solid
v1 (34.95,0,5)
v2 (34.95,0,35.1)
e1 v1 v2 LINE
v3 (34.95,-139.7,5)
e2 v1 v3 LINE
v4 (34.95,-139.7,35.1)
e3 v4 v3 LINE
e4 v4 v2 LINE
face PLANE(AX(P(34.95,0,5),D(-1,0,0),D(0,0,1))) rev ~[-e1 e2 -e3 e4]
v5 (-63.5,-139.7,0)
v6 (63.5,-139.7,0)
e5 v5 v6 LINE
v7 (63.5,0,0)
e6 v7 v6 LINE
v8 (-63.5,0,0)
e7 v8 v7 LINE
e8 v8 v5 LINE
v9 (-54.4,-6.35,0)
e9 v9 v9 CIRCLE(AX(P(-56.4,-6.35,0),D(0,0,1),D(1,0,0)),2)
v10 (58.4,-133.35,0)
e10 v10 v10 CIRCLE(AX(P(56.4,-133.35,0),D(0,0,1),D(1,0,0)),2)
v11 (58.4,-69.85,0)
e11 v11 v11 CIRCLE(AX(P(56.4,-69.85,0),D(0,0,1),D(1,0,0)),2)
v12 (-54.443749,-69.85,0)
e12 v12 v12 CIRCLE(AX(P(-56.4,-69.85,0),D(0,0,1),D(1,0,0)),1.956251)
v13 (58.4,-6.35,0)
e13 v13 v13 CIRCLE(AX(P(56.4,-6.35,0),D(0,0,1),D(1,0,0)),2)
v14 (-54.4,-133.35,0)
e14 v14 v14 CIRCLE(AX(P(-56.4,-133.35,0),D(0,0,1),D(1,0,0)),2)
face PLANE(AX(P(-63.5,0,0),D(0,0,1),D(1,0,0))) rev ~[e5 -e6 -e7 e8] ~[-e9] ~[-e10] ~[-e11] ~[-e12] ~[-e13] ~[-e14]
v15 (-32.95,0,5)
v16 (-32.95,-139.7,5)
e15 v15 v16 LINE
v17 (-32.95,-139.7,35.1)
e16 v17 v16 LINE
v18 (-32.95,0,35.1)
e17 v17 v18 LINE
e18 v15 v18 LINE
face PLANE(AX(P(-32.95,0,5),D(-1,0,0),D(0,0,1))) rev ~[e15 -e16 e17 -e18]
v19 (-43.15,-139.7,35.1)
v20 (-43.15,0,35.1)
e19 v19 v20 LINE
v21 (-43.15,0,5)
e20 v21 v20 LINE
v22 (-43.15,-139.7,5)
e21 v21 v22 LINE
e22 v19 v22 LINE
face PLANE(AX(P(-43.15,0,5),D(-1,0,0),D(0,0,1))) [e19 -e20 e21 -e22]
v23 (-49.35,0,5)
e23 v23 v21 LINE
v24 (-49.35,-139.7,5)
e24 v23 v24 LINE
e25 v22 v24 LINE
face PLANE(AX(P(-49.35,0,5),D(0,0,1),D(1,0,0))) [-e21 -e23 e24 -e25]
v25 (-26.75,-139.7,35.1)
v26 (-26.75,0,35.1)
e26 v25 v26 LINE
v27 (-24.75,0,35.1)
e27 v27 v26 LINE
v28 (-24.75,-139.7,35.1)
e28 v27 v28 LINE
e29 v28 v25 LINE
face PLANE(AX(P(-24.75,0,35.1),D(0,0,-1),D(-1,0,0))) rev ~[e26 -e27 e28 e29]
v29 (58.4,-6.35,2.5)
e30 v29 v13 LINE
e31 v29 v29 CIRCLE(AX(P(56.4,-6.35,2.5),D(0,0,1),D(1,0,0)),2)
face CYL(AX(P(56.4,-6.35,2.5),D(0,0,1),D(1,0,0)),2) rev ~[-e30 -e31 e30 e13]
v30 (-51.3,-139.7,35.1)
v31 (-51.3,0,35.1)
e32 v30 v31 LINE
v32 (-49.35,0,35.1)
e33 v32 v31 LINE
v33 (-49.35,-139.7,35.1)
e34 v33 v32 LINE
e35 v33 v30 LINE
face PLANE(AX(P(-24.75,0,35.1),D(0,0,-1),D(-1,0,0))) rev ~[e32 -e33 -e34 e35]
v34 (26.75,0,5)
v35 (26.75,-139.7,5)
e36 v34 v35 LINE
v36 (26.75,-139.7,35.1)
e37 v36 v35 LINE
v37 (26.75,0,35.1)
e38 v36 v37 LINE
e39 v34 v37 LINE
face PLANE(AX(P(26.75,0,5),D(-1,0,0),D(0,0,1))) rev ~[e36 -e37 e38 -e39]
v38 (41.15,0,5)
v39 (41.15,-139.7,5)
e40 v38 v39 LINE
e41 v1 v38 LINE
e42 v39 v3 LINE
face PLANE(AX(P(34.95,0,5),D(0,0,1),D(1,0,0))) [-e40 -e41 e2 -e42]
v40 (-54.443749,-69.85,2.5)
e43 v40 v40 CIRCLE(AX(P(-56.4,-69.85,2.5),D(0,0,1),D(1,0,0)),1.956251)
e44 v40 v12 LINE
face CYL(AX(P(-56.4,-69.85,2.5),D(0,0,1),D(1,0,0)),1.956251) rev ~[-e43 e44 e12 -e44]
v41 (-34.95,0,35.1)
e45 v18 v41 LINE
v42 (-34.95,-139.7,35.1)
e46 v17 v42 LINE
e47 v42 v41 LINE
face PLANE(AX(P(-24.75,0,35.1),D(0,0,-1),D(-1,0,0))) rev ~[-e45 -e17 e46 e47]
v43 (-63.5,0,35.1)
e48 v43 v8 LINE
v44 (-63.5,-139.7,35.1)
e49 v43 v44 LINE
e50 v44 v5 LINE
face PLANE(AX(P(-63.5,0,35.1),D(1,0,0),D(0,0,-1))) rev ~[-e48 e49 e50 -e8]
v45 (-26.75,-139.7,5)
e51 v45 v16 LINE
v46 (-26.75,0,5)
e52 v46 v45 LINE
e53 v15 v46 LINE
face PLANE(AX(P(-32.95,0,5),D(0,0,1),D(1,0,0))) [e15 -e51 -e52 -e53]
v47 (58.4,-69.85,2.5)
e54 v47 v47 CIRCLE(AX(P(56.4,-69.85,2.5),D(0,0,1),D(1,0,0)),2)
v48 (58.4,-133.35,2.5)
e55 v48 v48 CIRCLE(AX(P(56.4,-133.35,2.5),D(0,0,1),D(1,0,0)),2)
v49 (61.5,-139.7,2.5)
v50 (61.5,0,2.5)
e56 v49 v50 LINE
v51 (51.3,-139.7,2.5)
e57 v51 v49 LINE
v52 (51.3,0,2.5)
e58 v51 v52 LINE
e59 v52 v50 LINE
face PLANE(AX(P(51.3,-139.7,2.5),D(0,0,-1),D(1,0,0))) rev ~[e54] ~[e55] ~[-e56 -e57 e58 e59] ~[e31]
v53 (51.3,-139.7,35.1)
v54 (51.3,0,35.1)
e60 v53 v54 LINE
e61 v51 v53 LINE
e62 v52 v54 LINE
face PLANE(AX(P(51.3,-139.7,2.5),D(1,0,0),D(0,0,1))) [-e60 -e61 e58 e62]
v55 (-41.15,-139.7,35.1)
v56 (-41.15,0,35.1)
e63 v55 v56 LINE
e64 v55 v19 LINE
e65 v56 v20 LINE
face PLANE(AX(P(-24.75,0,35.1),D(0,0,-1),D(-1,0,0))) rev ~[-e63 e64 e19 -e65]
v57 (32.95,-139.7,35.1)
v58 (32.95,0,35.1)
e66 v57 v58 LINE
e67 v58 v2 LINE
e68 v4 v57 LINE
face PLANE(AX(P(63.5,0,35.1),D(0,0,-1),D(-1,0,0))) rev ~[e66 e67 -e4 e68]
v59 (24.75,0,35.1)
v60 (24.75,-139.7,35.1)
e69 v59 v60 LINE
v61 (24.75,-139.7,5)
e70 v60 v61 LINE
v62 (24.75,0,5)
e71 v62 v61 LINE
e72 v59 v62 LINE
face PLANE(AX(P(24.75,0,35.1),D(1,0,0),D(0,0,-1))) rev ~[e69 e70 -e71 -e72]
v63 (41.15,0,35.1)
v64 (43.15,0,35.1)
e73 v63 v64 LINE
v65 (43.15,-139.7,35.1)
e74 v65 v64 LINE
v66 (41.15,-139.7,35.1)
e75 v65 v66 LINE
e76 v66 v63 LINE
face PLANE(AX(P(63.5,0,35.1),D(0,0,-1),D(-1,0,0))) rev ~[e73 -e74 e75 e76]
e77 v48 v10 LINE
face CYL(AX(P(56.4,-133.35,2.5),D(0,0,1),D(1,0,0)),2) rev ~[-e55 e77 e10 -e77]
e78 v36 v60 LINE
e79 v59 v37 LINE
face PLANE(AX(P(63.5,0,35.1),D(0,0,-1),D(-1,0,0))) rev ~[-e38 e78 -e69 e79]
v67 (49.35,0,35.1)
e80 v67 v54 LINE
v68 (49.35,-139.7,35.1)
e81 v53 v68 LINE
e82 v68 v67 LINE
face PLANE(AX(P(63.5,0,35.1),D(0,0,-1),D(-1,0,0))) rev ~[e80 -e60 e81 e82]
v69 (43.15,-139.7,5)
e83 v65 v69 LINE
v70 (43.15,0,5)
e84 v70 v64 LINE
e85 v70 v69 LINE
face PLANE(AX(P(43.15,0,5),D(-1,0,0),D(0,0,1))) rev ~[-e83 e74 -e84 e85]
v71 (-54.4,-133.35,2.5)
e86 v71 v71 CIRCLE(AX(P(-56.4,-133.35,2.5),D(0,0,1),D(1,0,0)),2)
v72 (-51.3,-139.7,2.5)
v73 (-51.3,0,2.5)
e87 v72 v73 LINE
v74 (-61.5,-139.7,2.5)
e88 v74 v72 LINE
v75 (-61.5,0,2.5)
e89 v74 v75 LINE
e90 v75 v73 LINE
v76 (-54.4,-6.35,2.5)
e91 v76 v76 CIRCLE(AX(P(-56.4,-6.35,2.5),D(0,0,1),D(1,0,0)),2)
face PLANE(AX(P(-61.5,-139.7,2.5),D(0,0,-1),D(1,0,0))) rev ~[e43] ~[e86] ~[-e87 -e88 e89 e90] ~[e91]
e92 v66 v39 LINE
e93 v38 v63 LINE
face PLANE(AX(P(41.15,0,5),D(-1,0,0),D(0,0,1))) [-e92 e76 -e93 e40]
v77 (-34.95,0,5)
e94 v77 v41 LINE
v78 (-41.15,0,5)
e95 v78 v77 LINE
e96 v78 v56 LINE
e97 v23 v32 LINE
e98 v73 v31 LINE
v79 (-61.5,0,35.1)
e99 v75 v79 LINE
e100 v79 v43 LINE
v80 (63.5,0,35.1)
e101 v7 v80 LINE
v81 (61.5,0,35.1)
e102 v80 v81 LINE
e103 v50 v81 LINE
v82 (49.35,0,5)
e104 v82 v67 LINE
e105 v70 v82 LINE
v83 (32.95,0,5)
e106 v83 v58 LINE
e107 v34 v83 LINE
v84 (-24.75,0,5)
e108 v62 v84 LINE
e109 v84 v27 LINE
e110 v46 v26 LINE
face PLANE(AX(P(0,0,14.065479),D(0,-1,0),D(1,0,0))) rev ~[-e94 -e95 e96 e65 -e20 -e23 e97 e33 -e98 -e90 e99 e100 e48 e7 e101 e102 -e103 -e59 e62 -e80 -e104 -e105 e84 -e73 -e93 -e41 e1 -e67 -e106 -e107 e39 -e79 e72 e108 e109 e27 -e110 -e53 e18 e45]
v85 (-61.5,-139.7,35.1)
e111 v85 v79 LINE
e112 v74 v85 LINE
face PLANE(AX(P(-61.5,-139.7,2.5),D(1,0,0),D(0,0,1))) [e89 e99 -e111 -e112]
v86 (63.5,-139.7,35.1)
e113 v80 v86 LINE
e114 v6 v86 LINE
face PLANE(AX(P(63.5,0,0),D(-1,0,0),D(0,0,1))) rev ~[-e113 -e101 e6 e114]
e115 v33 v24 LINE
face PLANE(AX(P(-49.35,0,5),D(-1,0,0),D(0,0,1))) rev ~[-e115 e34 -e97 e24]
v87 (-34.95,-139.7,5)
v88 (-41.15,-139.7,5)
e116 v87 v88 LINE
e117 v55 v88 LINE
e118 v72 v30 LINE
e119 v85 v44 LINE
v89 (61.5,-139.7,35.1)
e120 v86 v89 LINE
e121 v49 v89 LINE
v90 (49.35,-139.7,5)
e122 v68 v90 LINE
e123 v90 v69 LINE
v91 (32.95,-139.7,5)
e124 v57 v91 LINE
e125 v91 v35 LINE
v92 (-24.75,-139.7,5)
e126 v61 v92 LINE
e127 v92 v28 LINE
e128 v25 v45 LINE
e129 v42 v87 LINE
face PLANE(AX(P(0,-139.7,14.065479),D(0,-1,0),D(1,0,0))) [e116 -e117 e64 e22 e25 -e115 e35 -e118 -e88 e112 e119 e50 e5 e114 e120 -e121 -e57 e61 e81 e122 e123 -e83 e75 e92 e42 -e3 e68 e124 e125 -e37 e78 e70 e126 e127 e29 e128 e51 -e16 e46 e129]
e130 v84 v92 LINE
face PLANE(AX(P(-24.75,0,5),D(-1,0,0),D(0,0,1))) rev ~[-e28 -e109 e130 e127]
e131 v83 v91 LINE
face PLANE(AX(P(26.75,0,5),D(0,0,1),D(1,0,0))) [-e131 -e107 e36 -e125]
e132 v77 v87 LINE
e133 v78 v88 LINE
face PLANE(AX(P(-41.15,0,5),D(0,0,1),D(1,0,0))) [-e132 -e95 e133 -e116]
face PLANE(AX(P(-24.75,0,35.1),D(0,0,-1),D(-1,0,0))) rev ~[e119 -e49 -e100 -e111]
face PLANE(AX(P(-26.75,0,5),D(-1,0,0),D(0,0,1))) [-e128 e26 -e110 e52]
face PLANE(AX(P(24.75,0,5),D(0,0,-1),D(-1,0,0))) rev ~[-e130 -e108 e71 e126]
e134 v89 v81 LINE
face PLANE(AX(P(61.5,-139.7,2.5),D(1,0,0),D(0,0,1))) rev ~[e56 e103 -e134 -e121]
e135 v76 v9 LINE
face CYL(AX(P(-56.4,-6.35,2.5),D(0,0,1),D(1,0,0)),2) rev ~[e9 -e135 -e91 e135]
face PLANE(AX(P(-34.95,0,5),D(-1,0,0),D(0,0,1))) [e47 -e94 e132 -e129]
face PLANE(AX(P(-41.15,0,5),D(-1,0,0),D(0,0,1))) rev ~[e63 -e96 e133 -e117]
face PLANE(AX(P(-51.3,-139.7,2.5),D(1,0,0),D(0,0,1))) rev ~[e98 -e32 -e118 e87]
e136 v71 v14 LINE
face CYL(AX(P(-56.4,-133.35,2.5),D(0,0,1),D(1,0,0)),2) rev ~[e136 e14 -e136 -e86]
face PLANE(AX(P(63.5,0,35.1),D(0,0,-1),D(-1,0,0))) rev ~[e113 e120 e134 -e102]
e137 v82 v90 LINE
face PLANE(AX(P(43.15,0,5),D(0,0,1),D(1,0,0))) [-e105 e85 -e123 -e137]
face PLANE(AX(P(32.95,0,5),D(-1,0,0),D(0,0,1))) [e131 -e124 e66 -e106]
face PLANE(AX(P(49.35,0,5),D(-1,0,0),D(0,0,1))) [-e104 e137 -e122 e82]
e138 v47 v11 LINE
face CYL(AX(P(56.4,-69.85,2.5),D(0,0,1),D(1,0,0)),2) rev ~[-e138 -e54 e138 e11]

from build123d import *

# Parameters (mm, degrees)
F1_DEPTH = 139.7
F2_W     = 10.2
F2_H     = 32.6
F3_DEPTH = 150
F4_W     = 6.2
F4_H     = 32.647062
F4_H_2   = 32.911505
F4_H_3   = 34.58407
F4_H_4   = 35.141594
F4_H_5   = 35.977877
F4_H_6   = 40.159295
F5_DEPTH = 150
F6_DEPTH = 150
F7_R     = 2
F7_R_2   = 1.956251
F8_DEPTH = 25


with BuildPart() as f1:
    # F0 (on Front) → F1 (new body)
    with BuildSketch(Plane.XZ):
        Polygon((-24.75, 35.1), (-63.5, 35.1), (-63.5, 0), (63.5, 0), (63.5, 35.1), (24.75, 35.1), (24.75, 5), (-24.75, 5), align=None)
    extrude(amount=F1_DEPTH)

    # F2 (on face) → F3 (cut)
    with BuildSketch(Plane.XZ.offset(139.7)):
        with Locations((-56.4, 18.8)):
            Rectangle(F2_W, F2_H)
        with Locations((56.4, 18.8)):
            Rectangle(F2_W, F2_H)
    extrude(amount=-F3_DEPTH, mode=Mode.SUBTRACT)

    # F4 (on Front) → F5 (cut)
    with BuildSketch(Plane.XZ):
        with Locations((-29.85, 21.323531)):
            Rectangle(F4_W, F4_H)
        with Locations((-38.05, 21.455752)):
            Rectangle(F4_W, F4_H_2)
        with Locations((-46.25, 22.292035)):
            Rectangle(F4_W, F4_H_3)
        with Locations((29.85, 22.570797)):
            Rectangle(F4_W, F4_H_4)
        with Locations((38.05, 22.988938)):
            Rectangle(F4_W, F4_H_5)
        with Locations((46.25, 25.079648)):
            Rectangle(F4_W, F4_H_6)
    extrude(amount=-F5_DEPTH, mode=Mode.SUBTRACT)

    # F4 (on Front) → F6 (cut)
    with BuildSketch(Plane.XZ):
        with Locations((-29.85, 21.323531)):
            Rectangle(F4_W, F4_H)
        with Locations((-38.05, 21.455752)):
            Rectangle(F4_W, F4_H_2)
        with Locations((-46.25, 22.292035)):
            Rectangle(F4_W, F4_H_3)
        with Locations((29.85, 22.570797)):
            Rectangle(F4_W, F4_H_4)
        with Locations((38.05, 22.988938)):
            Rectangle(F4_W, F4_H_5)
        with Locations((46.25, 25.079648)):
            Rectangle(F4_W, F4_H_6)
    extrude(amount=F6_DEPTH, mode=Mode.SUBTRACT)

    # F7 (on face) → F8 (cut)
    with BuildSketch(Plane.XY.offset(2.5)):
        with Locations((-56.4, -6.35)):
            Circle(F7_R)
        with Locations((56.4, -6.35)):
            Circle(F7_R)
        with Locations((-56.4, -69.85)):
            Circle(F7_R_2)
        with Locations((56.4, -69.85)):
            Circle(F7_R)
        with Locations((-56.4, -133.35)):
            Circle(F7_R)
        with Locations((56.4, -133.35)):
            Circle(F7_R)
    extrude(amount=-F8_DEPTH, mode=Mode.SUBTRACT)


solid = f1.part
